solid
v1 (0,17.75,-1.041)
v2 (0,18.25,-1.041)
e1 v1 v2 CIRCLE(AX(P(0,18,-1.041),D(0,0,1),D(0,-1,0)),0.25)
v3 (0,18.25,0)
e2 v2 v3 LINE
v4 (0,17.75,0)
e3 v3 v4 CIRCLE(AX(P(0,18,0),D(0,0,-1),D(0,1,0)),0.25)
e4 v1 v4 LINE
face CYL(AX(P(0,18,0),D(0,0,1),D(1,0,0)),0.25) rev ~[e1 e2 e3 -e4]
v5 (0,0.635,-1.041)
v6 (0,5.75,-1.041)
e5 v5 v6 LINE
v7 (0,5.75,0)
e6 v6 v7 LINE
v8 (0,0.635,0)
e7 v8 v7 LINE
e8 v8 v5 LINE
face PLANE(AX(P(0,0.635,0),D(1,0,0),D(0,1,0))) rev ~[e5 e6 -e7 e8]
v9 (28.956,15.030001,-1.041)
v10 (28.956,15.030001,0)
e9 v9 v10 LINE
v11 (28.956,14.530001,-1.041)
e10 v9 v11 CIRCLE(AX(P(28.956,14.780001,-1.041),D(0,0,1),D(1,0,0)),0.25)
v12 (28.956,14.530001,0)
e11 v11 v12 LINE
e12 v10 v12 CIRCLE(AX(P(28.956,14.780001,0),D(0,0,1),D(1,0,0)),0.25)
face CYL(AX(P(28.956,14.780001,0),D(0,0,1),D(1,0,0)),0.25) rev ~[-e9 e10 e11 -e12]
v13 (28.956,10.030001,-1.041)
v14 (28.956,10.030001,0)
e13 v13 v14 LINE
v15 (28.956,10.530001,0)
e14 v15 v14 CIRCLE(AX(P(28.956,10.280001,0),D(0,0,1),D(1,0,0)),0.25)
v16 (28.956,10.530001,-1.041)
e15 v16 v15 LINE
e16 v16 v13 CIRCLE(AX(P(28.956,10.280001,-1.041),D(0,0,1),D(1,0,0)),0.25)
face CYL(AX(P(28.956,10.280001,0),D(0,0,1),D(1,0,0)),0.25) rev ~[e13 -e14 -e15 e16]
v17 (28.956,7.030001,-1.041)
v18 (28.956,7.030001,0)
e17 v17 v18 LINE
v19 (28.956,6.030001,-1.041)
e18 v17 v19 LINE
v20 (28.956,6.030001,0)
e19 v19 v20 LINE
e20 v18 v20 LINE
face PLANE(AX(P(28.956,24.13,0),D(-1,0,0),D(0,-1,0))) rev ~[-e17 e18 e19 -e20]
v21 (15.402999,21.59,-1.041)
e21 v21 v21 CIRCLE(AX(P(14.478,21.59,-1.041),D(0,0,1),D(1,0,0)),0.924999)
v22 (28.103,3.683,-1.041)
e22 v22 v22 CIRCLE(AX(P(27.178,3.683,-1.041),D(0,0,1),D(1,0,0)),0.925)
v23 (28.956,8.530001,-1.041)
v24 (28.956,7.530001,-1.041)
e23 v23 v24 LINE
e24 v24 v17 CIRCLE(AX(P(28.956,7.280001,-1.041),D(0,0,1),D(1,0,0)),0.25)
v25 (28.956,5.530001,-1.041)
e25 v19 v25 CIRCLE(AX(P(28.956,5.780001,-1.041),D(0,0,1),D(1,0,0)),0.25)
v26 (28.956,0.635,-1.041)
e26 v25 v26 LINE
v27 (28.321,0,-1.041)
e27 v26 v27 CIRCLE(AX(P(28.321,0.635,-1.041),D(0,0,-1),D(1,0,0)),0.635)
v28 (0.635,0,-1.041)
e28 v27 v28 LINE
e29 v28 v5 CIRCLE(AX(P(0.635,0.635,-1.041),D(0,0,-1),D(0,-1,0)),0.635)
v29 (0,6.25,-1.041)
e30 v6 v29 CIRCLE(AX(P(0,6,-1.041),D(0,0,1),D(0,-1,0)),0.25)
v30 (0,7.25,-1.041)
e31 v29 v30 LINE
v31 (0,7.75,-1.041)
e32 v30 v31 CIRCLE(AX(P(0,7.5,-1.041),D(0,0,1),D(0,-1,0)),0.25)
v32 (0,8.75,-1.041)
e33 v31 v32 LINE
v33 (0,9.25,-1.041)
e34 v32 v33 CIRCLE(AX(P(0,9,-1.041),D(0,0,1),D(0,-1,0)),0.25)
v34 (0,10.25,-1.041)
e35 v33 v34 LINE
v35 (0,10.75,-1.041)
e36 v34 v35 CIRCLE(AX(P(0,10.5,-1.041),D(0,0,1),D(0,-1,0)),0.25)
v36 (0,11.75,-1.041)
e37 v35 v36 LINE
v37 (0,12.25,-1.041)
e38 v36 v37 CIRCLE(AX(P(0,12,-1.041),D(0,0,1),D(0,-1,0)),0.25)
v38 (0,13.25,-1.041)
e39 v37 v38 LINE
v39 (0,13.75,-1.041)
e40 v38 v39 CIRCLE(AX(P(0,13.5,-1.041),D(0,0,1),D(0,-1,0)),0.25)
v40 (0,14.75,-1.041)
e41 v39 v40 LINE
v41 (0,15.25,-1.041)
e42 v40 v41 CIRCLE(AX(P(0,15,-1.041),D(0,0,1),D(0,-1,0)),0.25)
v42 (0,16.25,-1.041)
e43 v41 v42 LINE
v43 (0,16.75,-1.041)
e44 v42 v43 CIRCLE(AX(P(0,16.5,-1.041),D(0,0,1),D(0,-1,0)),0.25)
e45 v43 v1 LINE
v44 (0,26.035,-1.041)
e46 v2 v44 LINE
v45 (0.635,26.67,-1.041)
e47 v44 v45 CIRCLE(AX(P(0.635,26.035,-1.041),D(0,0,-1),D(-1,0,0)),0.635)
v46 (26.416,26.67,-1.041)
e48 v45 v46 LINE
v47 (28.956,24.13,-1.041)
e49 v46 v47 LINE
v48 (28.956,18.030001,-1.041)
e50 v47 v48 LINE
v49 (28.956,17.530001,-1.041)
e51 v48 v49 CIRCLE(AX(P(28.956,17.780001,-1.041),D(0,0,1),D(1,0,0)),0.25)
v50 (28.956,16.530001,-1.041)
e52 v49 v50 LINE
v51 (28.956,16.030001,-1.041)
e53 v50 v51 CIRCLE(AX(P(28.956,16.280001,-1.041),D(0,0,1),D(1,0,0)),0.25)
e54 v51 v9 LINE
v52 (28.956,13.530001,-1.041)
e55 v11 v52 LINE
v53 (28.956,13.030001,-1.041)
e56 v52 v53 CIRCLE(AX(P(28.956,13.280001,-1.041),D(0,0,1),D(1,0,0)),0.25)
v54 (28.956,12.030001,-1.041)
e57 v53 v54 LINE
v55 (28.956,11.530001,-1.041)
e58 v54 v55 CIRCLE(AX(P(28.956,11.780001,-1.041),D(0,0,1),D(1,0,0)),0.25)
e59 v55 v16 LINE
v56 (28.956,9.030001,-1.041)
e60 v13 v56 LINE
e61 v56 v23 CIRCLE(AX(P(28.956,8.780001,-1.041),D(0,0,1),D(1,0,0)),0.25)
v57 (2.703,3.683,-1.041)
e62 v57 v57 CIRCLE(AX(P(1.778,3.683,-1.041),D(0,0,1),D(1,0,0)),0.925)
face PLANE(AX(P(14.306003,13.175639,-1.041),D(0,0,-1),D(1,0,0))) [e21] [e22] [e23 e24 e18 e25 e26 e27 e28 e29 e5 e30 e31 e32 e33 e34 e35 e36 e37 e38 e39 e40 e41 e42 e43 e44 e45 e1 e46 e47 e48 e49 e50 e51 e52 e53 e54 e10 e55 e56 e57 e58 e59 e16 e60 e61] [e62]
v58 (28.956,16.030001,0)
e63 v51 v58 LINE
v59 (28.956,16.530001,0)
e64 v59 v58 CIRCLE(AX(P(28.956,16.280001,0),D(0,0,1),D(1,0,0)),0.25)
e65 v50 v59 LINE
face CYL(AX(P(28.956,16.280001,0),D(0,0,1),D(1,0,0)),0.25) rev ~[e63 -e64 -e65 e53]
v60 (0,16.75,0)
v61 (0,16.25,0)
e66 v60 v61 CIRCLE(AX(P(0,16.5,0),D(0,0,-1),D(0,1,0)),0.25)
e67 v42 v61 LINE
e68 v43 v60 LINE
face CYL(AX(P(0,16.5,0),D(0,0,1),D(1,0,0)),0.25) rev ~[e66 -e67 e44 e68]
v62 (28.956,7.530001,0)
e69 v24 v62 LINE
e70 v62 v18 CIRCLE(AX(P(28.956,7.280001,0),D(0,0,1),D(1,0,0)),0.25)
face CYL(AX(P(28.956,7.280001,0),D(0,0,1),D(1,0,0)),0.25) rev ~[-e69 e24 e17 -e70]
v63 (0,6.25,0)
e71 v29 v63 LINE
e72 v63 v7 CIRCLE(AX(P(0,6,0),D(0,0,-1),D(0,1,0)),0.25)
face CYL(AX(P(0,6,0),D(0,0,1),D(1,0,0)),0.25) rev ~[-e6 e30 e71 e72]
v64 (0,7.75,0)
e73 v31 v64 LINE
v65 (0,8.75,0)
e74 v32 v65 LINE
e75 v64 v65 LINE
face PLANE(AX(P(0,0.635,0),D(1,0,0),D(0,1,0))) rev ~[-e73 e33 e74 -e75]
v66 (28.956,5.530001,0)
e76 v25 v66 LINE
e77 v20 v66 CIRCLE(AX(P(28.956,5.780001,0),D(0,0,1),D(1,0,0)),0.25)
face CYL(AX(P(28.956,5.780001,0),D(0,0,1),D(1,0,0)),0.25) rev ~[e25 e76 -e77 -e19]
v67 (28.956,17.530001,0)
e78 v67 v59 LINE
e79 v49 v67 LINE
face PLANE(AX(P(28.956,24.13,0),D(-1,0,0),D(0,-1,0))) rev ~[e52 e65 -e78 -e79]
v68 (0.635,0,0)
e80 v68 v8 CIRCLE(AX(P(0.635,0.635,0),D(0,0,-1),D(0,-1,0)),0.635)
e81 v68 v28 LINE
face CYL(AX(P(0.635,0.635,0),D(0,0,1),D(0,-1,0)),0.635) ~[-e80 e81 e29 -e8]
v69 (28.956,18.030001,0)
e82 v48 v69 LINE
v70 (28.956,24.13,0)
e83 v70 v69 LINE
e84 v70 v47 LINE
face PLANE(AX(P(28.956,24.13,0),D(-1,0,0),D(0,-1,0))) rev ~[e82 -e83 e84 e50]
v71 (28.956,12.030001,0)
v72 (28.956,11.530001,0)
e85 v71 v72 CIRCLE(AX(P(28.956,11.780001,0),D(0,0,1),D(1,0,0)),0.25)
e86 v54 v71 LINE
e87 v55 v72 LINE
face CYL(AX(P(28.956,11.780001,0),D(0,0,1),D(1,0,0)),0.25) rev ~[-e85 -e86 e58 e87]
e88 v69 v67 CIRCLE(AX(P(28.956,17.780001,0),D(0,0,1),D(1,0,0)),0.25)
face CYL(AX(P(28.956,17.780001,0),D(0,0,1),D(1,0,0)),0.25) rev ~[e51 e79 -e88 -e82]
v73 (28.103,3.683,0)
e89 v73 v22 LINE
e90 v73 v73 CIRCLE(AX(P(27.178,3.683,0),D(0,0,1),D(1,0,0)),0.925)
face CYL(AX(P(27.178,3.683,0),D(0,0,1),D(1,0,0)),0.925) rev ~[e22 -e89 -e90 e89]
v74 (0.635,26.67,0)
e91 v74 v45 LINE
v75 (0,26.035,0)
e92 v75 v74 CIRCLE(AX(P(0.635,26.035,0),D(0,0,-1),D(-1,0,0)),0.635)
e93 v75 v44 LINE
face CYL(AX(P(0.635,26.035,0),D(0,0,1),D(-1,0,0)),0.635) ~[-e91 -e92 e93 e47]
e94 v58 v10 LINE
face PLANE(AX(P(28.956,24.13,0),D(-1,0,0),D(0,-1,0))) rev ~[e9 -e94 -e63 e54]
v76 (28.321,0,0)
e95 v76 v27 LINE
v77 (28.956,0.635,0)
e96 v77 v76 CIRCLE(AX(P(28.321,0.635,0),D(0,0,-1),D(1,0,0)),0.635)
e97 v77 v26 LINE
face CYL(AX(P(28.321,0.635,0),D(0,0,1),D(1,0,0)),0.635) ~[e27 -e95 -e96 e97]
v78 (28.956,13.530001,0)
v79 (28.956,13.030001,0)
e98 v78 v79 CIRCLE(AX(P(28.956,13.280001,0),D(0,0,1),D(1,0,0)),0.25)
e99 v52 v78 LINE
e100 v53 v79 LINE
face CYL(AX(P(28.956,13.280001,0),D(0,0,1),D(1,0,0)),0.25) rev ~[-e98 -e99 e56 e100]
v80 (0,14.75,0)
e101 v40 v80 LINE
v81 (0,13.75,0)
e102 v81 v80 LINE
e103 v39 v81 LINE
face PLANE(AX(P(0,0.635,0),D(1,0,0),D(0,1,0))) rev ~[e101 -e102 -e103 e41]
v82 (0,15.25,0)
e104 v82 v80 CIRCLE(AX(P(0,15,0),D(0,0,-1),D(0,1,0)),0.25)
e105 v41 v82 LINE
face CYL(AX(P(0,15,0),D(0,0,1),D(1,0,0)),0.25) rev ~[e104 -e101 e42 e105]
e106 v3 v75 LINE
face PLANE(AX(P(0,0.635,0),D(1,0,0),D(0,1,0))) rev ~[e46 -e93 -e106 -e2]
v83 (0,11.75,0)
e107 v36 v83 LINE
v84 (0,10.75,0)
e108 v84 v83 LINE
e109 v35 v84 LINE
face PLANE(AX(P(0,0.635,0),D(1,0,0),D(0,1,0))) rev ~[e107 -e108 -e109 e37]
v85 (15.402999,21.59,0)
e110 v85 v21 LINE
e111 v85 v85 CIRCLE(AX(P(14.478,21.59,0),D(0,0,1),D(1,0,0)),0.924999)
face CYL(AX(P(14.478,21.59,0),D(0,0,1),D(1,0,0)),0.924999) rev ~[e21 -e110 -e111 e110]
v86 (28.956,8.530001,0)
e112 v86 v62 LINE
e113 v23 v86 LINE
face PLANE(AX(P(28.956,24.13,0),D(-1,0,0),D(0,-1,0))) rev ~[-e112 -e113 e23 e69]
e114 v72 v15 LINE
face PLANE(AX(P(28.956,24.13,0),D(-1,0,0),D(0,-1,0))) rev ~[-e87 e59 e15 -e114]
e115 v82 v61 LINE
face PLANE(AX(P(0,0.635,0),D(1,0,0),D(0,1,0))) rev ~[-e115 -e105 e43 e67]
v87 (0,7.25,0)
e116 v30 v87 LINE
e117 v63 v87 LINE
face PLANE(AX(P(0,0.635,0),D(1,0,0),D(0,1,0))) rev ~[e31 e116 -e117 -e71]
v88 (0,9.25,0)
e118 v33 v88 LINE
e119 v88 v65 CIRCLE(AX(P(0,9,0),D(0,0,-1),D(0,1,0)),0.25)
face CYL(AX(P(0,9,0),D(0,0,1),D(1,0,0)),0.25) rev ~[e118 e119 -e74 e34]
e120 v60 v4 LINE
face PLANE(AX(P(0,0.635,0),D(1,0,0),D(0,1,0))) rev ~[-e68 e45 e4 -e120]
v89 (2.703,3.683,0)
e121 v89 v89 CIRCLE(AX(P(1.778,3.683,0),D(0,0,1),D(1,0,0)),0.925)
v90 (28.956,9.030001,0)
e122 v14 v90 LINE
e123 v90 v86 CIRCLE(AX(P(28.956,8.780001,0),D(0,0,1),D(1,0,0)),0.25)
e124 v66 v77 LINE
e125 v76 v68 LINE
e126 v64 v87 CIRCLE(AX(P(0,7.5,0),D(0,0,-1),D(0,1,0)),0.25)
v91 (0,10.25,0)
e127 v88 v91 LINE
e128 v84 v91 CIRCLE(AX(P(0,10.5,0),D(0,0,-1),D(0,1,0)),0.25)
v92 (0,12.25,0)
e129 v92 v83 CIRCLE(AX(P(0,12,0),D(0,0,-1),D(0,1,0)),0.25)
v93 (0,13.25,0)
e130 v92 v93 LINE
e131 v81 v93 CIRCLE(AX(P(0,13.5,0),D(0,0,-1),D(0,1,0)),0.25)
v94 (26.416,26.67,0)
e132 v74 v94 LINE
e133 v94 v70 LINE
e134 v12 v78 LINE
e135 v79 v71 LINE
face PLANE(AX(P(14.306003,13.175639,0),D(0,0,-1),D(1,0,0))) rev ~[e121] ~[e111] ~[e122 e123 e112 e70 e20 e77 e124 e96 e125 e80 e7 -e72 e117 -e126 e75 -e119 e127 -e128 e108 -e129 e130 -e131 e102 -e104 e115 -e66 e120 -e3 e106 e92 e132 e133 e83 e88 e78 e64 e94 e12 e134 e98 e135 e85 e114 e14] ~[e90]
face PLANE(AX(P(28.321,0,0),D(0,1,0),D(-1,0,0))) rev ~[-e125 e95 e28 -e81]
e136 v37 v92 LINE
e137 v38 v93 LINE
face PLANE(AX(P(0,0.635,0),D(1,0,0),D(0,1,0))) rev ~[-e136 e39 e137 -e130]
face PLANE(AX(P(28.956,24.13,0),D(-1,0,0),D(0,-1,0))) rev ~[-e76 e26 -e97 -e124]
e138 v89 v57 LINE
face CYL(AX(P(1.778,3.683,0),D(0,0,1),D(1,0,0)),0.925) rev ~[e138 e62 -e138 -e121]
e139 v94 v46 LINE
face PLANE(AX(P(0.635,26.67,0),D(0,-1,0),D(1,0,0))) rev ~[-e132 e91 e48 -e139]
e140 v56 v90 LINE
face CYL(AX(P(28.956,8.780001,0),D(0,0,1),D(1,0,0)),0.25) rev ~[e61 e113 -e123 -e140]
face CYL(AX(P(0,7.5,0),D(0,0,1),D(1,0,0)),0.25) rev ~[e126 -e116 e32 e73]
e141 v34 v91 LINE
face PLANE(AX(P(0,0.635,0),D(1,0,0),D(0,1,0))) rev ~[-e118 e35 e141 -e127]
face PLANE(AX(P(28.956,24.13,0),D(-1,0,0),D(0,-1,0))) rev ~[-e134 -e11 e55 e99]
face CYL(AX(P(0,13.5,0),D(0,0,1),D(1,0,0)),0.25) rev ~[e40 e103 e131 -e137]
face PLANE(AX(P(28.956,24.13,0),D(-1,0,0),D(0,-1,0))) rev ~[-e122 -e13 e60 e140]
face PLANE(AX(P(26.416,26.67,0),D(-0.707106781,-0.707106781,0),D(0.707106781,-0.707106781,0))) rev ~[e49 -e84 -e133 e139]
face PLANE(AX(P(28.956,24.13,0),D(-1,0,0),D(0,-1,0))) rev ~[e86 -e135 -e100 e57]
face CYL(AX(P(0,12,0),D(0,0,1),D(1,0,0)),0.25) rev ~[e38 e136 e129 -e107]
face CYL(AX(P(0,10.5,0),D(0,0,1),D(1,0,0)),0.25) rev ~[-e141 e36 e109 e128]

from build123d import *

# Parameters (mm, degrees)
BOSS_EXTRUDE1_DEPTH = 1.041
CUT_EXTRUDE1_REACH  = 41.38
SKETCH2_R           = 0.925
SKETCH2_R_2         = 0.25
SKETCH2_R_3         = 0.92499942


with BuildPart() as part:
    # Sketch1 → Boss-Extrude1 (new body)
    with BuildSketch(Plane(origin=(0, 0, 0), x_dir=(1, 0, 0), z_dir=(0, 0, -1))):
        with BuildLine():
            Line((26.416, -26.67), (28.956, -24.13))
            Line((28.956, -24.13), (28.956, -0.635))
            ThreePointArc((28.956, -0.635), (28.770012806, -0.185987194), (28.321, 0))
            Line((28.321, 0), (0.635, 0))
            ThreePointArc((0.635, 0), (0.185987194, -0.185987194), (0, -0.635))
            Line((0, -0.635), (0, -26.035))
            ThreePointArc((0, -26.035), (0.185987194, -26.484012806), (0.635, -26.67))
            Line((0.635, -26.67), (26.416, -26.67))
        make_face()
    extrude(amount=BOSS_EXTRUDE1_DEPTH)

    # Sketch2 → Cut-Extrude1 (cut, up to next)
    with BuildSketch(Plane.XY, mode=Mode.PRIVATE) as cut_extrude1_sk1:
        with Locations((1.778, 3.683)):
            Circle(SKETCH2_R)
    cut_extrude1_tool1 = extrude(cut_extrude1_sk1.sketch, amount=-CUT_EXTRUDE1_REACH, mode=Mode.PRIVATE) & part.part
    # Sketch2 → Cut-Extrude1 (cut, up to next)
    with BuildSketch(Plane.XY, mode=Mode.PRIVATE) as cut_extrude1_sk2:
        with Locations((27.178, 3.683)):
            Circle(SKETCH2_R)
    cut_extrude1_tool2 = extrude(cut_extrude1_sk2.sketch, amount=-CUT_EXTRUDE1_REACH, mode=Mode.PRIVATE) & part.part
    # Sketch2 → Cut-Extrude1 (cut, up to next)
    with BuildSketch(Plane.XY, mode=Mode.PRIVATE) as cut_extrude1_sk3:
        with Locations((0, 6)):
            Circle(SKETCH2_R_2)
    cut_extrude1_tool3 = extrude(cut_extrude1_sk3.sketch, amount=-CUT_EXTRUDE1_REACH, mode=Mode.PRIVATE) & part.part
    # Sketch2 → Cut-Extrude1 (cut, up to next)
    with BuildSketch(Plane.XY, mode=Mode.PRIVATE) as cut_extrude1_sk4:
        with Locations((28.956, 5.78000114)):
            Circle(SKETCH2_R_2)
    cut_extrude1_tool4 = extrude(cut_extrude1_sk4.sketch, amount=-CUT_EXTRUDE1_REACH, mode=Mode.PRIVATE) & part.part
    # Sketch2 → Cut-Extrude1 (cut, up to next)
    with BuildSketch(Plane.XY, mode=Mode.PRIVATE) as cut_extrude1_sk5:
        with Locations((28.956, 7.28000114)):
            Circle(SKETCH2_R_2)
    cut_extrude1_tool5 = extrude(cut_extrude1_sk5.sketch, amount=-CUT_EXTRUDE1_REACH, mode=Mode.PRIVATE) & part.part
    # Sketch2 → Cut-Extrude1 (cut, up to next)
    with BuildSketch(Plane.XY, mode=Mode.PRIVATE) as cut_extrude1_sk6:
        with Locations((28.956, 8.78000114)):
            Circle(SKETCH2_R_2)
    cut_extrude1_tool6 = extrude(cut_extrude1_sk6.sketch, amount=-CUT_EXTRUDE1_REACH, mode=Mode.PRIVATE) & part.part
    # Sketch2 → Cut-Extrude1 (cut, up to next)
    with BuildSketch(Plane.XY, mode=Mode.PRIVATE) as cut_extrude1_sk7:
        with Locations((28.956, 10.28000114)):
            Circle(SKETCH2_R_2)
    cut_extrude1_tool7 = extrude(cut_extrude1_sk7.sketch, amount=-CUT_EXTRUDE1_REACH, mode=Mode.PRIVATE) & part.part
    # Sketch2 → Cut-Extrude1 (cut, up to next)
    with BuildSketch(Plane.XY, mode=Mode.PRIVATE) as cut_extrude1_sk8:
        with Locations((28.956, 11.78000114)):
            Circle(SKETCH2_R_2)
    cut_extrude1_tool8 = extrude(cut_extrude1_sk8.sketch, amount=-CUT_EXTRUDE1_REACH, mode=Mode.PRIVATE) & part.part
    # Sketch2 → Cut-Extrude1 (cut, up to next)
    with BuildSketch(Plane.XY, mode=Mode.PRIVATE) as cut_extrude1_sk9:
        with Locations((28.956, 13.28000114)):
            Circle(SKETCH2_R_2)
    cut_extrude1_tool9 = extrude(cut_extrude1_sk9.sketch, amount=-CUT_EXTRUDE1_REACH, mode=Mode.PRIVATE) & part.part
    # Sketch2 → Cut-Extrude1 (cut, up to next)
    with BuildSketch(Plane.XY, mode=Mode.PRIVATE) as cut_extrude1_sk10:
        with Locations((28.956, 14.78000114)):
            Circle(SKETCH2_R_2)
    cut_extrude1_tool10 = extrude(cut_extrude1_sk10.sketch, amount=-CUT_EXTRUDE1_REACH, mode=Mode.PRIVATE) & part.part
    # Sketch2 → Cut-Extrude1 (cut, up to next)
    with BuildSketch(Plane.XY, mode=Mode.PRIVATE) as cut_extrude1_sk11:
        with Locations((0, 7.5)):
            Circle(SKETCH2_R_2)
    cut_extrude1_tool11 = extrude(cut_extrude1_sk11.sketch, amount=-CUT_EXTRUDE1_REACH, mode=Mode.PRIVATE) & part.part
    # Sketch2 → Cut-Extrude1 (cut, up to next)
    with BuildSketch(Plane.XY, mode=Mode.PRIVATE) as cut_extrude1_sk12:
        with Locations((0, 9)):
            Circle(SKETCH2_R_2)
    cut_extrude1_tool12 = extrude(cut_extrude1_sk12.sketch, amount=-CUT_EXTRUDE1_REACH, mode=Mode.PRIVATE) & part.part
    # Sketch2 → Cut-Extrude1 (cut, up to next)
    with BuildSketch(Plane.XY, mode=Mode.PRIVATE) as cut_extrude1_sk13:
        with Locations((0, 10.5)):
            Circle(SKETCH2_R_2)
    cut_extrude1_tool13 = extrude(cut_extrude1_sk13.sketch, amount=-CUT_EXTRUDE1_REACH, mode=Mode.PRIVATE) & part.part
    # Sketch2 → Cut-Extrude1 (cut, up to next)
    with BuildSketch(Plane.XY, mode=Mode.PRIVATE) as cut_extrude1_sk14:
        with Locations((0, 12)):
            Circle(SKETCH2_R_2)
    cut_extrude1_tool14 = extrude(cut_extrude1_sk14.sketch, amount=-CUT_EXTRUDE1_REACH, mode=Mode.PRIVATE) & part.part
    # Sketch2 → Cut-Extrude1 (cut, up to next)
    with BuildSketch(Plane.XY, mode=Mode.PRIVATE) as cut_extrude1_sk15:
        with Locations((0, 13.5)):
            Circle(SKETCH2_R_2)
    cut_extrude1_tool15 = extrude(cut_extrude1_sk15.sketch, amount=-CUT_EXTRUDE1_REACH, mode=Mode.PRIVATE) & part.part
    # Sketch2 → Cut-Extrude1 (cut, up to next)
    with BuildSketch(Plane.XY, mode=Mode.PRIVATE) as cut_extrude1_sk16:
        with Locations((0, 15)):
            Circle(SKETCH2_R_2)
    cut_extrude1_tool16 = extrude(cut_extrude1_sk16.sketch, amount=-CUT_EXTRUDE1_REACH, mode=Mode.PRIVATE) & part.part
    # Sketch2 → Cut-Extrude1 (cut, up to next)
    with BuildSketch(Plane.XY, mode=Mode.PRIVATE) as cut_extrude1_sk17:
        with Locations((0, 16.5)):
            Circle(SKETCH2_R_2)
    cut_extrude1_tool17 = extrude(cut_extrude1_sk17.sketch, amount=-CUT_EXTRUDE1_REACH, mode=Mode.PRIVATE) & part.part
    # Sketch2 → Cut-Extrude1 (cut, up to next)
    with BuildSketch(Plane.XY, mode=Mode.PRIVATE) as cut_extrude1_sk18:
        with Locations((28.956, 16.28000114)):
            Circle(SKETCH2_R_2)
    cut_extrude1_tool18 = extrude(cut_extrude1_sk18.sketch, amount=-CUT_EXTRUDE1_REACH, mode=Mode.PRIVATE) & part.part
    # Sketch2 → Cut-Extrude1 (cut, up to next)
    with BuildSketch(Plane.XY, mode=Mode.PRIVATE) as cut_extrude1_sk19:
        with Locations((0, 18)):
            Circle(SKETCH2_R_2)
    cut_extrude1_tool19 = extrude(cut_extrude1_sk19.sketch, amount=-CUT_EXTRUDE1_REACH, mode=Mode.PRIVATE) & part.part
    # Sketch2 → Cut-Extrude1 (cut, up to next)
    with BuildSketch(Plane.XY, mode=Mode.PRIVATE) as cut_extrude1_sk20:
        with Locations((28.956, 17.78000114)):
            Circle(SKETCH2_R_2)
    cut_extrude1_tool20 = extrude(cut_extrude1_sk20.sketch, amount=-CUT_EXTRUDE1_REACH, mode=Mode.PRIVATE) & part.part
    # Sketch2 → Cut-Extrude1 (cut, up to next)
    with BuildSketch(Plane.XY, mode=Mode.PRIVATE) as cut_extrude1_sk21:
        with Locations((14.478, 21.59)):
            Circle(SKETCH2_R_3)
    cut_extrude1_tool21 = extrude(cut_extrude1_sk21.sketch, amount=-CUT_EXTRUDE1_REACH, mode=Mode.PRIVATE) & part.part
    add(cut_extrude1_tool1.solids().sort_by_distance((1.778, 3.683, 0))[0], mode=Mode.SUBTRACT)
    add(cut_extrude1_tool2.solids().sort_by_distance((27.178, 3.683, 0))[0], mode=Mode.SUBTRACT)
    add(cut_extrude1_tool3.solids().sort_by_distance((0, 6, 0))[0], mode=Mode.SUBTRACT)
    add(cut_extrude1_tool4.solids().sort_by_distance((28.956, 5.780001, 0))[0], mode=Mode.SUBTRACT)
    add(cut_extrude1_tool5.solids().sort_by_distance((28.956, 7.280001, 0))[0], mode=Mode.SUBTRACT)
    add(cut_extrude1_tool6.solids().sort_by_distance((28.956, 8.780001, 0))[0], mode=Mode.SUBTRACT)
    add(cut_extrude1_tool7.solids().sort_by_distance((28.956, 10.280001, 0))[0], mode=Mode.SUBTRACT)
    add(cut_extrude1_tool8.solids().sort_by_distance((28.956, 11.780001, 0))[0], mode=Mode.SUBTRACT)
    add(cut_extrude1_tool9.solids().sort_by_distance((28.956, 13.280001, 0))[0], mode=Mode.SUBTRACT)
    add(cut_extrude1_tool10.solids().sort_by_distance((28.956, 14.780001, 0))[0], mode=Mode.SUBTRACT)
    add(cut_extrude1_tool11.solids().sort_by_distance((0, 7.5, 0))[0], mode=Mode.SUBTRACT)
    add(cut_extrude1_tool12.solids().sort_by_distance((0, 9, 0))[0], mode=Mode.SUBTRACT)
    add(cut_extrude1_tool13.solids().sort_by_distance((0, 10.5, 0))[0], mode=Mode.SUBTRACT)
    add(cut_extrude1_tool14.solids().sort_by_distance((0, 12, 0))[0], mode=Mode.SUBTRACT)
    add(cut_extrude1_tool15.solids().sort_by_distance((0, 13.5, 0))[0], mode=Mode.SUBTRACT)
    add(cut_extrude1_tool16.solids().sort_by_distance((0, 15, 0))[0], mode=Mode.SUBTRACT)
    add(cut_extrude1_tool17.solids().sort_by_distance((0, 16.5, 0))[0], mode=Mode.SUBTRACT)
    add(cut_extrude1_tool18.solids().sort_by_distance((28.956, 16.280001, 0))[0], mode=Mode.SUBTRACT)
    add(cut_extrude1_tool19.solids().sort_by_distance((0, 18, 0))[0], mode=Mode.SUBTRACT)
    add(cut_extrude1_tool20.solids().sort_by_distance((28.956, 17.780001, 0))[0], mode=Mode.SUBTRACT)
    add(cut_extrude1_tool21.solids().sort_by_distance((14.478, 21.59, 0))[0], mode=Mode.SUBTRACT)


solid = part.part
